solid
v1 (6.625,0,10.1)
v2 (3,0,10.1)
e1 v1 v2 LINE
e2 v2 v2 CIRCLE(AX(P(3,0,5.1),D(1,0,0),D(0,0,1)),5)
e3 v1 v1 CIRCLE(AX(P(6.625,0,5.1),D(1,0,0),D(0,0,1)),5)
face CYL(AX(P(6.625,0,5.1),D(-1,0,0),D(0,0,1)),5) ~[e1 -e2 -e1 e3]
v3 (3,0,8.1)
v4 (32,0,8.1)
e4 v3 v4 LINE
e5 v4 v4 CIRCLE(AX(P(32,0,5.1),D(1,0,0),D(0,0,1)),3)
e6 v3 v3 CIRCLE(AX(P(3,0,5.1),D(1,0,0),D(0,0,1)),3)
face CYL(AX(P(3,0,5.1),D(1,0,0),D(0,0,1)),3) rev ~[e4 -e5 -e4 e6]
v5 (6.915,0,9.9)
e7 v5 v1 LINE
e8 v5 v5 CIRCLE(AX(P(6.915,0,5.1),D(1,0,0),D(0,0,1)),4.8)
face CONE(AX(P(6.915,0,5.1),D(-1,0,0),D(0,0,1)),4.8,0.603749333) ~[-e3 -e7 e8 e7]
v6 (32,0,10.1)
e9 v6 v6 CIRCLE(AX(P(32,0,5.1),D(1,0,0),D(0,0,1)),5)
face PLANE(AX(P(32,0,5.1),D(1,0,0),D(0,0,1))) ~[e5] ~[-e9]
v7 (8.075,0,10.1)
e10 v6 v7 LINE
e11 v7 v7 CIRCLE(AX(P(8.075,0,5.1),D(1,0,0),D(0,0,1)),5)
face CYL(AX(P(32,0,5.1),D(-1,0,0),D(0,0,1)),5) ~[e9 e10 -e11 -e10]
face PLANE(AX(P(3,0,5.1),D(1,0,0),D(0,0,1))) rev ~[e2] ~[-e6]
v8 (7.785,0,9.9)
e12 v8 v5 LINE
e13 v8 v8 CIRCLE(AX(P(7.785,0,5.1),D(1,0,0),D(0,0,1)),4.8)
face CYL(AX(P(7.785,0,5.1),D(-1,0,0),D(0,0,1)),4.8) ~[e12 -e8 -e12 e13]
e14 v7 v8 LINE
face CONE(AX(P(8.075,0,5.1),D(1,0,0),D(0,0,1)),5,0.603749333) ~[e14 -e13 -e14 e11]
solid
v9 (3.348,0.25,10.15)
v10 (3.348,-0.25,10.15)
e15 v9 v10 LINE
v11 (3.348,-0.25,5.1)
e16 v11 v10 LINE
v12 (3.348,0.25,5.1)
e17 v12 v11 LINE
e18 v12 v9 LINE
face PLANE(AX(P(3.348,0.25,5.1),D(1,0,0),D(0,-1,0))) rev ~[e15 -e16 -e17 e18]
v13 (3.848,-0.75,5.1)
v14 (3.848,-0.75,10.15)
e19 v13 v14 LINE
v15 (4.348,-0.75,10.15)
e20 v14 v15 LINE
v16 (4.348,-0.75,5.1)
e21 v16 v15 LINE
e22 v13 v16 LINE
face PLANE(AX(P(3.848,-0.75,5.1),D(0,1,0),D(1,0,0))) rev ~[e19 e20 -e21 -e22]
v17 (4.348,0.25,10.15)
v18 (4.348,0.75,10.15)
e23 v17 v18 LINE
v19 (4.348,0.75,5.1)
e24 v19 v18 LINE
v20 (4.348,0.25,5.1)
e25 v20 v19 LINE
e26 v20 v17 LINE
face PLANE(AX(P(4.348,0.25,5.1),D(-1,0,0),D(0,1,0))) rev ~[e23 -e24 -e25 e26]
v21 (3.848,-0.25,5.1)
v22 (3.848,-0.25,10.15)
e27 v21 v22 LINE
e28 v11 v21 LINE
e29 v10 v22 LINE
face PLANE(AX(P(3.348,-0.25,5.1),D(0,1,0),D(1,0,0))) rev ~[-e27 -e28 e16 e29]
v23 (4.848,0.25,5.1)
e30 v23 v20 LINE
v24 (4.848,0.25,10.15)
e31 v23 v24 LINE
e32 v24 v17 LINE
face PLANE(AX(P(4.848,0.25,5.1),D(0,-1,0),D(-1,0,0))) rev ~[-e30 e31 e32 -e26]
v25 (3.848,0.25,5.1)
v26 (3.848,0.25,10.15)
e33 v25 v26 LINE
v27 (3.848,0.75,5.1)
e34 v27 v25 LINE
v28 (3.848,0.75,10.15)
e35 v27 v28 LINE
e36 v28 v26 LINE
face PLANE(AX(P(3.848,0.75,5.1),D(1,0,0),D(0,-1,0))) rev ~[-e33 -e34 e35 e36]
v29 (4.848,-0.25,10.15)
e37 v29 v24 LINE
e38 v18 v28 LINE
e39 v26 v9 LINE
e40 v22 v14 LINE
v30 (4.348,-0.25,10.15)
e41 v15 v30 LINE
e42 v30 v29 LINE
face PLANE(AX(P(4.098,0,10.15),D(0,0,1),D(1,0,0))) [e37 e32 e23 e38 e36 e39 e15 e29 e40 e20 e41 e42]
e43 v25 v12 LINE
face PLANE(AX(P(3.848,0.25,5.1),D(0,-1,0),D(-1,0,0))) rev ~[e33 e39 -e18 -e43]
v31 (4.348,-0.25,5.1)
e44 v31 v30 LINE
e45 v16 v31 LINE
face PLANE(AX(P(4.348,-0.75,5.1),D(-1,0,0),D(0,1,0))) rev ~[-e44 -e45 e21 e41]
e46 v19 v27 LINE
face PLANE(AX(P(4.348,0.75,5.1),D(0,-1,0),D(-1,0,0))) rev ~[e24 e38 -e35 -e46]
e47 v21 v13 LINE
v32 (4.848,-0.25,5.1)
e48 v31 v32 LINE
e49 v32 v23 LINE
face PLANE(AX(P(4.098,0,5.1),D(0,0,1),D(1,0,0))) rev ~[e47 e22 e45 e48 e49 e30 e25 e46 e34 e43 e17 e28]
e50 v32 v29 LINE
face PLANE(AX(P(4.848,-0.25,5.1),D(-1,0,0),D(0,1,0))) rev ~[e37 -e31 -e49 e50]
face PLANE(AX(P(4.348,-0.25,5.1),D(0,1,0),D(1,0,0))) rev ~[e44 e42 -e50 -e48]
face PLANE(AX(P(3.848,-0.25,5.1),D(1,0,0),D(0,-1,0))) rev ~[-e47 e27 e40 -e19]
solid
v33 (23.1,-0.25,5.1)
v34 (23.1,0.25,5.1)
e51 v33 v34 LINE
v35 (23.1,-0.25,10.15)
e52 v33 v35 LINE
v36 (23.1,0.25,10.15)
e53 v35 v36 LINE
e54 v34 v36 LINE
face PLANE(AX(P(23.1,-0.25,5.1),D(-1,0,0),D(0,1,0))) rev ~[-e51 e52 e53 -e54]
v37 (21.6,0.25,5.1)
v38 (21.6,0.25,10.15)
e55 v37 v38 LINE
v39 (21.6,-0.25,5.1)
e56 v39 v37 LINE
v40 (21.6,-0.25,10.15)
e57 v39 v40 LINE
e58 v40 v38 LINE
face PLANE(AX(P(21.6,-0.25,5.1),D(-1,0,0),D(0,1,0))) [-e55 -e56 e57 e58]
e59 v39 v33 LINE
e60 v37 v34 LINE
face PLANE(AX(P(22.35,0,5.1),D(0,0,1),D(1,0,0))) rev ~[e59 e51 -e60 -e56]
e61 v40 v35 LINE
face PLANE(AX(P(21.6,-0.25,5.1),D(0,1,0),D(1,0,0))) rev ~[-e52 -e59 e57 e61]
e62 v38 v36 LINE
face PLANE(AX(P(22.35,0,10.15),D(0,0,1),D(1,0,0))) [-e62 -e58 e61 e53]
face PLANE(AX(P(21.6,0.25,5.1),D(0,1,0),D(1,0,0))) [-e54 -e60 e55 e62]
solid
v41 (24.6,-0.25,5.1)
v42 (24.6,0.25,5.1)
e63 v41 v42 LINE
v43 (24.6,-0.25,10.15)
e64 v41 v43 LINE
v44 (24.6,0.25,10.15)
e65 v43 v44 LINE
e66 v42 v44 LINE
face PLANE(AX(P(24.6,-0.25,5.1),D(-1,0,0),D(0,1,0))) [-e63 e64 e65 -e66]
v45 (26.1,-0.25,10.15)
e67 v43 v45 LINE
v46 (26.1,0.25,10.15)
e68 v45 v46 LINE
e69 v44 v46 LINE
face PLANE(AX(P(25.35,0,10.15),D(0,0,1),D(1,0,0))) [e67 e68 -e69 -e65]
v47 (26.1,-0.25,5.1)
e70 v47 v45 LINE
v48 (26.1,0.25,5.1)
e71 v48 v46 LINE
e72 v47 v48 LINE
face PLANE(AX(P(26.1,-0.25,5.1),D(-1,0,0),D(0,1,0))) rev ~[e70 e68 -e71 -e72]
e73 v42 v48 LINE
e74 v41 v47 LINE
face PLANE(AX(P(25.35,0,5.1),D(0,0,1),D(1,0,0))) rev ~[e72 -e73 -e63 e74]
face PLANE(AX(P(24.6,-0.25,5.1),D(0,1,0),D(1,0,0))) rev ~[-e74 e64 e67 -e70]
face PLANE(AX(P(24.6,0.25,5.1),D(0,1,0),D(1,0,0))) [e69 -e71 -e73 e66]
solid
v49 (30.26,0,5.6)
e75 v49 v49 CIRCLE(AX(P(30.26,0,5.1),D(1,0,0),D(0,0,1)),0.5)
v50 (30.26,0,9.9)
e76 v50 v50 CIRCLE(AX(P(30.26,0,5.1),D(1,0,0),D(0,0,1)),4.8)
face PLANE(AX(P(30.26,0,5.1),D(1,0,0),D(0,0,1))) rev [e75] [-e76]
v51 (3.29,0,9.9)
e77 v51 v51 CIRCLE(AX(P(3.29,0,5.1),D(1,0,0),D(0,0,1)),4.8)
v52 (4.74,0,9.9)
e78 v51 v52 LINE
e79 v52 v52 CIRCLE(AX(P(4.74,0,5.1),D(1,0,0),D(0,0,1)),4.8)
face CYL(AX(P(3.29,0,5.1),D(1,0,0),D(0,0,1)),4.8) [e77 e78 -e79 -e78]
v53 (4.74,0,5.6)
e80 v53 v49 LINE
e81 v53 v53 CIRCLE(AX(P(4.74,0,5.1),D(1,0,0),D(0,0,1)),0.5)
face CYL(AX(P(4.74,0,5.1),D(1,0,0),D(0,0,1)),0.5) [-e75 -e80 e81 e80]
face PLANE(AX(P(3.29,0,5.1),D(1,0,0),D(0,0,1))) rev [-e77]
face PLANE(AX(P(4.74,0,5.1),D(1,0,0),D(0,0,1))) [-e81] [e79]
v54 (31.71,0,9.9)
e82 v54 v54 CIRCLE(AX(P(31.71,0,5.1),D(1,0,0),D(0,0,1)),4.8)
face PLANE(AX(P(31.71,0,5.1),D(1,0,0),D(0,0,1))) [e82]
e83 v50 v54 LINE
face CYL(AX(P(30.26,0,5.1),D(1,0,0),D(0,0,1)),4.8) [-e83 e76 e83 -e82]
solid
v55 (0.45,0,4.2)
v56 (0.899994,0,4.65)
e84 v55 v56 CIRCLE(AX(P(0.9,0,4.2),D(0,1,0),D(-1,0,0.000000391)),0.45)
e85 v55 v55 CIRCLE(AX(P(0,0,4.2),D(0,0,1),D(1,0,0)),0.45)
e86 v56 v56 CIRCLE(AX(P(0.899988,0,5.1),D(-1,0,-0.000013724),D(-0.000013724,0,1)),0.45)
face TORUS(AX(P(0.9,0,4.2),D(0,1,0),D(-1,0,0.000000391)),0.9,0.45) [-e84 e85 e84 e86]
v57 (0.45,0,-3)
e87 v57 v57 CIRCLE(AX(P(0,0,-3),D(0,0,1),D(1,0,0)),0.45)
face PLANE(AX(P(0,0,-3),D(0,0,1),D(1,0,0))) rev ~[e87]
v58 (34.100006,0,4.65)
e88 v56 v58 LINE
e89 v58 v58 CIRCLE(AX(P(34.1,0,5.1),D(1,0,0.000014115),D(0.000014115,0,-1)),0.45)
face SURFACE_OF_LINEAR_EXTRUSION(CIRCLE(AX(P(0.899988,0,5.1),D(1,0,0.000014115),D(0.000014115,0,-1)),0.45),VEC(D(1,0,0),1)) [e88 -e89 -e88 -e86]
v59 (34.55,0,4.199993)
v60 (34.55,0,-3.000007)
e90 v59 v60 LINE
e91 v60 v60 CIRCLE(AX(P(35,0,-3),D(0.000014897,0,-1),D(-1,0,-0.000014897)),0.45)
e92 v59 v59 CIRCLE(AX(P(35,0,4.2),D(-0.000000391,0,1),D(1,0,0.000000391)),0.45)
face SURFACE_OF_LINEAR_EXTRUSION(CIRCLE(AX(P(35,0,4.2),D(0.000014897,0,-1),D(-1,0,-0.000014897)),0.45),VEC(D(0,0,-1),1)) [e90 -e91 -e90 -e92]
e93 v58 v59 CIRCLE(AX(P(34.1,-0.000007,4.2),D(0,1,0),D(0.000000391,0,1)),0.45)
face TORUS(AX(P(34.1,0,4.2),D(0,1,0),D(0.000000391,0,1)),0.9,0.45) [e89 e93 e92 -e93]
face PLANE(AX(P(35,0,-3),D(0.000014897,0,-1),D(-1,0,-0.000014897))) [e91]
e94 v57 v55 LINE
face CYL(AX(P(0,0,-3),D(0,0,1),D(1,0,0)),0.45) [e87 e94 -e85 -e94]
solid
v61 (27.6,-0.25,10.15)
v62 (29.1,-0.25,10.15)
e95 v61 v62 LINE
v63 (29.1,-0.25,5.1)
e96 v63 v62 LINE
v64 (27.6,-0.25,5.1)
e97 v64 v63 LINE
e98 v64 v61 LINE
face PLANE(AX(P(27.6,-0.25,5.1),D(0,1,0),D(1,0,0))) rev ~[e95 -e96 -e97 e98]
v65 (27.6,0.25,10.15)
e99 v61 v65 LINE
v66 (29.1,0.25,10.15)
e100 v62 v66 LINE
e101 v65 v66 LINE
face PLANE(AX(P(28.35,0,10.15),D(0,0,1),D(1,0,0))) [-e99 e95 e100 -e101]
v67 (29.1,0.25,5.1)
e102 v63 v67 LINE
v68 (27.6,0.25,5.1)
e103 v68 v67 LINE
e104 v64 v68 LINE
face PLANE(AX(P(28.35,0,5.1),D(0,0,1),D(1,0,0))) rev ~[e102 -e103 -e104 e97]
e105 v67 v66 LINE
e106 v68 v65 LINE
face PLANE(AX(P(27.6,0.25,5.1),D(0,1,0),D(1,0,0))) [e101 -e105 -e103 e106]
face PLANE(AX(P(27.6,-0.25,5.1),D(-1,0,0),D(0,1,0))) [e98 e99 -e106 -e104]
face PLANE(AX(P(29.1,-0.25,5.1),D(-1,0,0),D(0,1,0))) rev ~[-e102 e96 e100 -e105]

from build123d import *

# Parameters (mm, degrees)
SKETCH_R    = 0.45
SKETCH004_W = 1.5
SKETCH004_H = 0.5
PAD_DEPTH   = 5.05


with BuildPart() as sweep_body:
    # Sweep: sweep along a path in Sketch001
    with BuildLine(Plane.XZ) as sweep_path:
        Line((0, -3), (0, 4.2))
        ThreePointArc((0, 4.2), (0.2636, 4.836392), (0.899988, 5.1))
        Line((0.899988, 5.1), (34.1, 5.1))
        ThreePointArc((34.1, 5.1), (34.736396, 4.836396), (35, 4.2))
        Line((35, 4.2), (35, -3))
    # Sketch → Sweep (sweep)
    with BuildSketch(Plane.XY.offset(-2)):
        Circle(SKETCH_R)
    sweep(path=sweep_path.line)


with BuildPart() as revolution:
    # Sketch002 → Revolution (revolve)
    with BuildSketch(Plane.XZ):
        Polygon((3, 10.1), (3, 8.1), (32, 8.1), (32, 10.1), (8.075, 10.1), (7.785, 9.9), (6.915, 9.9), (6.625, 10.1), align=None)
    revolve(axis=Axis((6.97588, 0, 5.1), (1, 0, 0)))


with BuildPart() as revolution001:
    # Sketch003 → Revolution001 (revolve)
    with BuildSketch(Plane.XZ):
        Polygon((3.29, 9.9), (4.74, 9.9), (4.74, 5.6), (30.26, 5.6), (30.26, 9.9), (31.71, 9.9), (31.71, 5.1), (3.29, 5.1), align=None)
    revolve(axis=Axis((6.97588, 0, 5.1), (1, 0, 0)))


with BuildPart() as pad:
    # Sketch004 → Pad (new body)
    with BuildSketch(Plane.XY.offset(5.1)):
        with Locations((28.35, 0)):
            Rectangle(SKETCH004_W, SKETCH004_H)
        with Locations((25.35, 0)):
            Rectangle(SKETCH004_W, SKETCH004_H)
        with Locations((22.35, 0)):
            Rectangle(SKETCH004_W, SKETCH004_H)
        Polygon((3.848, 0.25), (3.348, 0.25), (3.348, -0.25), (3.848, -0.25), (3.848, -0.75), (4.348, -0.75), (4.348, -0.25), (4.848, -0.25), (4.848, 0.25), (4.348, 0.25), (4.348, 0.75), (3.848, 0.75), align=None)
    extrude(amount=PAD_DEPTH)


solid = Compound([sweep_body.part, revolution.part, revolution001.part, pad.part])
